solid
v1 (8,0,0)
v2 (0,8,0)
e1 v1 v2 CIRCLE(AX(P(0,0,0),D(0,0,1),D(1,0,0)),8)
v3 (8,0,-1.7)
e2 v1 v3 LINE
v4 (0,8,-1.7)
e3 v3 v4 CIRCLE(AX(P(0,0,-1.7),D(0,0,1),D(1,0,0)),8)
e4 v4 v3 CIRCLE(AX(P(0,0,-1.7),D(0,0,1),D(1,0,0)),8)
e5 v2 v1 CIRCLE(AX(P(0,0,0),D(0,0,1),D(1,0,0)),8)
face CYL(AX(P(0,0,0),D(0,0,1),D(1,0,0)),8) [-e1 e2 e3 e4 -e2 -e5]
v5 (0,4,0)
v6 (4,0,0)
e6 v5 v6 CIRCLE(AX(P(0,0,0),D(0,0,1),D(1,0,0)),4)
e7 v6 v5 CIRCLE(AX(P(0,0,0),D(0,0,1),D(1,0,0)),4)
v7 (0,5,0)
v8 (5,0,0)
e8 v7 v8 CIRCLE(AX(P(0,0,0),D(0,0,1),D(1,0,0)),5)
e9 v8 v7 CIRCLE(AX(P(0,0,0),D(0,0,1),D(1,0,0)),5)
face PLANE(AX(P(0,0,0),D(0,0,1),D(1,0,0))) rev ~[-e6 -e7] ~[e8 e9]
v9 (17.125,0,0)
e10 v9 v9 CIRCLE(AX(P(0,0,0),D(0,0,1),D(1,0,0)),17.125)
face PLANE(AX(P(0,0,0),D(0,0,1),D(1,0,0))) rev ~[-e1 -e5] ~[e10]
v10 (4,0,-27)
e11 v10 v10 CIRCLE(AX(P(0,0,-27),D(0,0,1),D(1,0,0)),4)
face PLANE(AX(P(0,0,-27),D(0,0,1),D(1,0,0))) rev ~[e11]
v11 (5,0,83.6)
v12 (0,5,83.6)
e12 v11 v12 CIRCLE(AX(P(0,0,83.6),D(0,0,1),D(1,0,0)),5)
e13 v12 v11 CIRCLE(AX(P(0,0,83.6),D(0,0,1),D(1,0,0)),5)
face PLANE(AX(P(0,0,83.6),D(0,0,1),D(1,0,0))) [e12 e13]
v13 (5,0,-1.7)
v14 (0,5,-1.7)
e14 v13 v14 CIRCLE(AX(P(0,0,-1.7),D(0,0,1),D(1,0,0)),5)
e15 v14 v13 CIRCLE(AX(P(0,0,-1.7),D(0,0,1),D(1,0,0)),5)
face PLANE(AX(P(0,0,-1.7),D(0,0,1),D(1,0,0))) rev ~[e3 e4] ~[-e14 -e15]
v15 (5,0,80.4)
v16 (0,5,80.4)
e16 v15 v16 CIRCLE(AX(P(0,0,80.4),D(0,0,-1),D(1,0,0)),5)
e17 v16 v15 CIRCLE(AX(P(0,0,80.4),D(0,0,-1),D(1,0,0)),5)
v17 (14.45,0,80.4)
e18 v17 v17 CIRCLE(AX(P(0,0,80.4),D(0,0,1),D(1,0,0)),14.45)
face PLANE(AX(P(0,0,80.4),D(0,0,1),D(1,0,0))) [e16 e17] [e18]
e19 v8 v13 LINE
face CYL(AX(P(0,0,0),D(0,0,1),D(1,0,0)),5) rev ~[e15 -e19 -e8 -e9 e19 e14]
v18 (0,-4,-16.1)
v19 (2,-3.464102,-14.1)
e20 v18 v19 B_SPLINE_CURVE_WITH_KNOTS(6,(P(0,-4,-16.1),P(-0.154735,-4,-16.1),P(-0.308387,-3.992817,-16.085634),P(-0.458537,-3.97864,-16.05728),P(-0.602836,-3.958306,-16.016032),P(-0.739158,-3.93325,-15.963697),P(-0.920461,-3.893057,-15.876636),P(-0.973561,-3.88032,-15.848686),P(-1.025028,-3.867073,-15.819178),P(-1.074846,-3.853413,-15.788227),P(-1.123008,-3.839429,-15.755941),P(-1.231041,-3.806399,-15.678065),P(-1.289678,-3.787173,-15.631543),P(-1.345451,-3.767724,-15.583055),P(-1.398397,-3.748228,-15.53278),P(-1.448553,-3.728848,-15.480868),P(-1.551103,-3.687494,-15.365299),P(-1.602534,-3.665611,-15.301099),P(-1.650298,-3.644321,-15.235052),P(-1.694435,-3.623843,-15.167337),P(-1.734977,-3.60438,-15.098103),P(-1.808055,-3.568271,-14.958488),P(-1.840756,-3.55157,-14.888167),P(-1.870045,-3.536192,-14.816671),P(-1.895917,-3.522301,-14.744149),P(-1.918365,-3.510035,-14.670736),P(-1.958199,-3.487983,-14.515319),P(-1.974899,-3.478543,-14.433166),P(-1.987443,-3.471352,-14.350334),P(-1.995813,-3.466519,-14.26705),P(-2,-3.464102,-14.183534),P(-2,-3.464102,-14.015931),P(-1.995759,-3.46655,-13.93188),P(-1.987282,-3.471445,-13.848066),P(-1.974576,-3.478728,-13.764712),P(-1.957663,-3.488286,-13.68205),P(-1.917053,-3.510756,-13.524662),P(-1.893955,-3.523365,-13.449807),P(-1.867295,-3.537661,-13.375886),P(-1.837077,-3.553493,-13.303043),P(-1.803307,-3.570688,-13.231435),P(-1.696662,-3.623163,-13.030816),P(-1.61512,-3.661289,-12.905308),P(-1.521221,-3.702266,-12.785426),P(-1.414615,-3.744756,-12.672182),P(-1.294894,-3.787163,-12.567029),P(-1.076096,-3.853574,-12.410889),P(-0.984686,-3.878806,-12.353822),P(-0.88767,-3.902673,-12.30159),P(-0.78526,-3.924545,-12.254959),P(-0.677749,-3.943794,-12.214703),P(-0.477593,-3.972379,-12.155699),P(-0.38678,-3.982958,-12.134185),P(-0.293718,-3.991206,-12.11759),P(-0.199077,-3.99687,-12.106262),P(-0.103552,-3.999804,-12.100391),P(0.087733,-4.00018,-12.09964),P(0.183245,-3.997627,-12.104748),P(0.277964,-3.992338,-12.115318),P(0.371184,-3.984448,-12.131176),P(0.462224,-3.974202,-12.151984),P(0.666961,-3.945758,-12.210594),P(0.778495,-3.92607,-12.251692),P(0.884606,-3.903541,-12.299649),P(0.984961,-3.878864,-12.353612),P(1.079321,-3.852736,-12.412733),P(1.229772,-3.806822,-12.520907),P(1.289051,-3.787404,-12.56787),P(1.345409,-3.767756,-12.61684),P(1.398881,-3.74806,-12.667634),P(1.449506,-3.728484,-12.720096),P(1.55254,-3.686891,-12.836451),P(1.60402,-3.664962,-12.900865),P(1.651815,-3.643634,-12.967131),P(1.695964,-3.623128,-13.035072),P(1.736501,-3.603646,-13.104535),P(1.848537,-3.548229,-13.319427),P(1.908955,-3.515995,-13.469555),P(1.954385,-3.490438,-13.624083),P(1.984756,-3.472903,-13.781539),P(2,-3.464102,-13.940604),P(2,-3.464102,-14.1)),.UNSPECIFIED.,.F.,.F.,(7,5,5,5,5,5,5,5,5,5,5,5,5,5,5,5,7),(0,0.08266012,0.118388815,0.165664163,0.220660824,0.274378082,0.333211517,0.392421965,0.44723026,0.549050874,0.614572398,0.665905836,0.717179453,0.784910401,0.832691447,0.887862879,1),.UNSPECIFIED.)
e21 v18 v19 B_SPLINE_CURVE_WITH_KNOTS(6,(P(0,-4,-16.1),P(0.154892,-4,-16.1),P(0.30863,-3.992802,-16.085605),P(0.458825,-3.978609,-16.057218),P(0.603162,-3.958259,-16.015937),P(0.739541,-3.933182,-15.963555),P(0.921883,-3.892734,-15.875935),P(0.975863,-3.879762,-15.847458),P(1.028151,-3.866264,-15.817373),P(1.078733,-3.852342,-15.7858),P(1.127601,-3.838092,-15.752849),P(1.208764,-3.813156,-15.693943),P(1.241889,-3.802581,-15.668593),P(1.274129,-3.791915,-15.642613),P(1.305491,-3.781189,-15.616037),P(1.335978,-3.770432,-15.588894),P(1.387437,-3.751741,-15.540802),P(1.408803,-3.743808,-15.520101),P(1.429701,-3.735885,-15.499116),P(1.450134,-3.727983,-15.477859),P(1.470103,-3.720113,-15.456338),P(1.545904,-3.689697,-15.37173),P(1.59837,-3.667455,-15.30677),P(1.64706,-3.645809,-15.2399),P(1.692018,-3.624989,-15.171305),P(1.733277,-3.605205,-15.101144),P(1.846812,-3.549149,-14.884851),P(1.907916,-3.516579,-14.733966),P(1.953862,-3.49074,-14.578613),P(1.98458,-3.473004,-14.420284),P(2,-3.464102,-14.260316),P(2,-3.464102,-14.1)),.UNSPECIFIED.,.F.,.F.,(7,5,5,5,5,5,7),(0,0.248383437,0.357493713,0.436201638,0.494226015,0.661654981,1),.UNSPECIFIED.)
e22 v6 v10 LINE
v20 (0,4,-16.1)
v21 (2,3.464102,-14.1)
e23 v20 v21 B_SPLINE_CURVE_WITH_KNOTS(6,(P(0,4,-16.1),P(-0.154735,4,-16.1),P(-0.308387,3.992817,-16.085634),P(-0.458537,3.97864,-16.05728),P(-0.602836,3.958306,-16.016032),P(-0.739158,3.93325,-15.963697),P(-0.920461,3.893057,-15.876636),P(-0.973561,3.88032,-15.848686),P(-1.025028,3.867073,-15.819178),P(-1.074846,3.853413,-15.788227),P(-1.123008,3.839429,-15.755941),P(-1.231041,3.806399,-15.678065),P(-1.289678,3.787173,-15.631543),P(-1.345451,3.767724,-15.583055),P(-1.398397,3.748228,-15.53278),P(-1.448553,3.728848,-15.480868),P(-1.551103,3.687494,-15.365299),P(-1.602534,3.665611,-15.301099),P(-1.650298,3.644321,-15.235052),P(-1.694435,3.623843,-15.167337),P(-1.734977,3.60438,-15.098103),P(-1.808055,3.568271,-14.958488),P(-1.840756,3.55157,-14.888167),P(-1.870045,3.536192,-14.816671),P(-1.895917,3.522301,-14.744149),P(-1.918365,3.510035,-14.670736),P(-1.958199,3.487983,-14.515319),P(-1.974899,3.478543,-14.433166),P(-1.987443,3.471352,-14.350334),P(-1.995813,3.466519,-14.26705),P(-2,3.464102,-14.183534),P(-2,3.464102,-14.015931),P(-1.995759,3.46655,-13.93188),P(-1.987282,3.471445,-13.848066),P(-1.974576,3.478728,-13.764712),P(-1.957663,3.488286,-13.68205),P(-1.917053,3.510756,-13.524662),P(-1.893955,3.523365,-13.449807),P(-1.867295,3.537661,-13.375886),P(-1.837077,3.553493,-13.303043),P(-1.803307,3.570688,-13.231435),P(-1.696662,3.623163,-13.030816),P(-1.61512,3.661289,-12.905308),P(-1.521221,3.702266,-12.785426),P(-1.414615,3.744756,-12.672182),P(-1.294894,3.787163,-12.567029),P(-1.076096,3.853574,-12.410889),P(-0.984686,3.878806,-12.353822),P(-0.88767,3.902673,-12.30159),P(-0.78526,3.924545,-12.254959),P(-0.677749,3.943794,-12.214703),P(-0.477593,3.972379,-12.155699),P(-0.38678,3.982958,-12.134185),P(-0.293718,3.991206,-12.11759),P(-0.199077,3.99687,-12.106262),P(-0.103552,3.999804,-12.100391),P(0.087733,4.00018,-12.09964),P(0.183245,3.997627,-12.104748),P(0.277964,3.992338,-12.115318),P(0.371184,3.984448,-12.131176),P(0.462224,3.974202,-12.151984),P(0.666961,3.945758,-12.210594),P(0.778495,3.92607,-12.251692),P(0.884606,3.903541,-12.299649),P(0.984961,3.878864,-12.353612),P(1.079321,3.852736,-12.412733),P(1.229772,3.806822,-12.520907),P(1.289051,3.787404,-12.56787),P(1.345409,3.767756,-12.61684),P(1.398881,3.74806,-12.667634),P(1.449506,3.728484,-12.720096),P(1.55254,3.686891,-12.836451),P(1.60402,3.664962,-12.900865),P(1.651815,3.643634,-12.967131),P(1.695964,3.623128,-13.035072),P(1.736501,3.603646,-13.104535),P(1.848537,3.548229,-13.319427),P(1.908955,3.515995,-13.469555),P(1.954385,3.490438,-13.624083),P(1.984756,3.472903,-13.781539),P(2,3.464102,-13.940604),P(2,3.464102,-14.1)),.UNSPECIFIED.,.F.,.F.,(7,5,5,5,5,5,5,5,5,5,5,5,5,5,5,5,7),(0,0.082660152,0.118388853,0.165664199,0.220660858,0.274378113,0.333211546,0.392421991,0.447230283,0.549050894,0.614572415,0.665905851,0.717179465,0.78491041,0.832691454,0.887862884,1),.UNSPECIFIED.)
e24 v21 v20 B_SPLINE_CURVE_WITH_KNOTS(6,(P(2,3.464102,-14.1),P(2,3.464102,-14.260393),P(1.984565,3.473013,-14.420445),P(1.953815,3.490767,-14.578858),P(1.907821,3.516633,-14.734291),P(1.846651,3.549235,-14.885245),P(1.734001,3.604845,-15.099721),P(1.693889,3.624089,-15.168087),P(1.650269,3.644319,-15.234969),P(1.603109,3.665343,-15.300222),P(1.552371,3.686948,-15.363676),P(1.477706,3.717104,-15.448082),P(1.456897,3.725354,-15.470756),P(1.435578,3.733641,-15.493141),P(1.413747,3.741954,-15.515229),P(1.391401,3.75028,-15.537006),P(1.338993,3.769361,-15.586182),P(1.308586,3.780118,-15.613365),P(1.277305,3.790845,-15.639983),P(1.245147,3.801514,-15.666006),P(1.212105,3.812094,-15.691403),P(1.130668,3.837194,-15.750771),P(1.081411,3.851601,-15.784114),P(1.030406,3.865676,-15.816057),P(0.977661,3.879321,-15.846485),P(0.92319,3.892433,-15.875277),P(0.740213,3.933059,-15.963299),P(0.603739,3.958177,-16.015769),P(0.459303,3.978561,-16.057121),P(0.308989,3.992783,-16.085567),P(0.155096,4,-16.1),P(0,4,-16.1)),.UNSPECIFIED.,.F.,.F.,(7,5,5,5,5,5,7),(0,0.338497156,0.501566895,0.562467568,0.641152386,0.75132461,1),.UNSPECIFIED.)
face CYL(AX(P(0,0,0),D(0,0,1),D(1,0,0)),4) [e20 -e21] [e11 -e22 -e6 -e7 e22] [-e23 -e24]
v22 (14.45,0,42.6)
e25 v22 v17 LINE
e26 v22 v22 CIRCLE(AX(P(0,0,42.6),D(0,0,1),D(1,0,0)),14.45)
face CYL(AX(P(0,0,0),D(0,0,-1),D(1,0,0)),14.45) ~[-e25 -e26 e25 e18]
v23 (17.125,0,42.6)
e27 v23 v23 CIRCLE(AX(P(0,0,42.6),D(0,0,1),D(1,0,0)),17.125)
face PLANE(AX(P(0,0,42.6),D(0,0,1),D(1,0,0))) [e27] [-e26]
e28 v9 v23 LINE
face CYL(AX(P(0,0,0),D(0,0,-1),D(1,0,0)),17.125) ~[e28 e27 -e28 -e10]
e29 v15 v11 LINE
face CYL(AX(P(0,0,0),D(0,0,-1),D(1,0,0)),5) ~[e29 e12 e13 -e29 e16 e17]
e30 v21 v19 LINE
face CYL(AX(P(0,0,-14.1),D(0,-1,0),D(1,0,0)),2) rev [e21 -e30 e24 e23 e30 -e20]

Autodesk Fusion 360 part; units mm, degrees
sketch "Boceto1" plane through (0, 0, 0) normal (0, 0, 1) x (1, 0, 0)
  circle A0 centre (0, 0) radius 14.45
  circle A1 centre (0, 0) radius 17.125
  circle A2 centre (0, 0) radius 4
  circle A3 centre (0, 0) radius 5
  circle A4 centre (0, 0) radius 8
  line L0 (0, 0) -> (0, 11.225)
  circle A5 centre (0, 11.225) radius 1.5
  circle A6 centre (-11.225, 0) radius 1.5
  circle A7 centre (0, -11.225) radius 1.5
  circle A8 centre (11.225, 0) radius 1.5
  dimension "d1" = 28.9
  dimension "d2" = 34.25
  dimension "d7" = 8
  dimension "d8" = 10
  dimension "d13" = 16
  dimension "d22" = 11.225
  dimension "d23" = 3
  dimension "d25" = 360
extrude "Extruir1" add sketch "Boceto1" along normal blind 80.4 contours A0 | A2 | A3 | A4 | A5 | A6 | A7 | A8
extrude "Extruir2" add sketch "Boceto1" along normal blind 42.6 contours A1
extrude "Extruir3" add sketch "Boceto1" along normal blind 83.6 contours A2 | A3
extrude "Extruir4" add sketch "Boceto1" against normal blind 27 contours A2
extrude "Extruir5" add sketch "Boceto1" against normal blind 1.7 contours A4
sketch "Boceto2" plane through (0, 0, 0) normal (0, 1, 0) x (1, 0, 0)
  line L0 (4, 27) -> (4, 2.5)
  line L1 (-4, 2.5) -> (-4, 27)
  line L2 (4, 27) -> (-4, 27)
  line L3 (4, 27) -> (-4, 27)
  line L4 (-4, 0) -> (4, 0)
  line L5 (4, 27) -> (-4, 27)
  line L6 (0, 27) -> (0, 16.1)
  line L7 (0, 16.1) -> (0, 14.1)
  circle A0 centre (0, 14.1) radius 2
  dimension "d26" = 10.9
  dimension "d27" = 2
  dimension "d28" = 4
extrude "Extruir7" cut sketch "Boceto2" along normal mid plane 14
